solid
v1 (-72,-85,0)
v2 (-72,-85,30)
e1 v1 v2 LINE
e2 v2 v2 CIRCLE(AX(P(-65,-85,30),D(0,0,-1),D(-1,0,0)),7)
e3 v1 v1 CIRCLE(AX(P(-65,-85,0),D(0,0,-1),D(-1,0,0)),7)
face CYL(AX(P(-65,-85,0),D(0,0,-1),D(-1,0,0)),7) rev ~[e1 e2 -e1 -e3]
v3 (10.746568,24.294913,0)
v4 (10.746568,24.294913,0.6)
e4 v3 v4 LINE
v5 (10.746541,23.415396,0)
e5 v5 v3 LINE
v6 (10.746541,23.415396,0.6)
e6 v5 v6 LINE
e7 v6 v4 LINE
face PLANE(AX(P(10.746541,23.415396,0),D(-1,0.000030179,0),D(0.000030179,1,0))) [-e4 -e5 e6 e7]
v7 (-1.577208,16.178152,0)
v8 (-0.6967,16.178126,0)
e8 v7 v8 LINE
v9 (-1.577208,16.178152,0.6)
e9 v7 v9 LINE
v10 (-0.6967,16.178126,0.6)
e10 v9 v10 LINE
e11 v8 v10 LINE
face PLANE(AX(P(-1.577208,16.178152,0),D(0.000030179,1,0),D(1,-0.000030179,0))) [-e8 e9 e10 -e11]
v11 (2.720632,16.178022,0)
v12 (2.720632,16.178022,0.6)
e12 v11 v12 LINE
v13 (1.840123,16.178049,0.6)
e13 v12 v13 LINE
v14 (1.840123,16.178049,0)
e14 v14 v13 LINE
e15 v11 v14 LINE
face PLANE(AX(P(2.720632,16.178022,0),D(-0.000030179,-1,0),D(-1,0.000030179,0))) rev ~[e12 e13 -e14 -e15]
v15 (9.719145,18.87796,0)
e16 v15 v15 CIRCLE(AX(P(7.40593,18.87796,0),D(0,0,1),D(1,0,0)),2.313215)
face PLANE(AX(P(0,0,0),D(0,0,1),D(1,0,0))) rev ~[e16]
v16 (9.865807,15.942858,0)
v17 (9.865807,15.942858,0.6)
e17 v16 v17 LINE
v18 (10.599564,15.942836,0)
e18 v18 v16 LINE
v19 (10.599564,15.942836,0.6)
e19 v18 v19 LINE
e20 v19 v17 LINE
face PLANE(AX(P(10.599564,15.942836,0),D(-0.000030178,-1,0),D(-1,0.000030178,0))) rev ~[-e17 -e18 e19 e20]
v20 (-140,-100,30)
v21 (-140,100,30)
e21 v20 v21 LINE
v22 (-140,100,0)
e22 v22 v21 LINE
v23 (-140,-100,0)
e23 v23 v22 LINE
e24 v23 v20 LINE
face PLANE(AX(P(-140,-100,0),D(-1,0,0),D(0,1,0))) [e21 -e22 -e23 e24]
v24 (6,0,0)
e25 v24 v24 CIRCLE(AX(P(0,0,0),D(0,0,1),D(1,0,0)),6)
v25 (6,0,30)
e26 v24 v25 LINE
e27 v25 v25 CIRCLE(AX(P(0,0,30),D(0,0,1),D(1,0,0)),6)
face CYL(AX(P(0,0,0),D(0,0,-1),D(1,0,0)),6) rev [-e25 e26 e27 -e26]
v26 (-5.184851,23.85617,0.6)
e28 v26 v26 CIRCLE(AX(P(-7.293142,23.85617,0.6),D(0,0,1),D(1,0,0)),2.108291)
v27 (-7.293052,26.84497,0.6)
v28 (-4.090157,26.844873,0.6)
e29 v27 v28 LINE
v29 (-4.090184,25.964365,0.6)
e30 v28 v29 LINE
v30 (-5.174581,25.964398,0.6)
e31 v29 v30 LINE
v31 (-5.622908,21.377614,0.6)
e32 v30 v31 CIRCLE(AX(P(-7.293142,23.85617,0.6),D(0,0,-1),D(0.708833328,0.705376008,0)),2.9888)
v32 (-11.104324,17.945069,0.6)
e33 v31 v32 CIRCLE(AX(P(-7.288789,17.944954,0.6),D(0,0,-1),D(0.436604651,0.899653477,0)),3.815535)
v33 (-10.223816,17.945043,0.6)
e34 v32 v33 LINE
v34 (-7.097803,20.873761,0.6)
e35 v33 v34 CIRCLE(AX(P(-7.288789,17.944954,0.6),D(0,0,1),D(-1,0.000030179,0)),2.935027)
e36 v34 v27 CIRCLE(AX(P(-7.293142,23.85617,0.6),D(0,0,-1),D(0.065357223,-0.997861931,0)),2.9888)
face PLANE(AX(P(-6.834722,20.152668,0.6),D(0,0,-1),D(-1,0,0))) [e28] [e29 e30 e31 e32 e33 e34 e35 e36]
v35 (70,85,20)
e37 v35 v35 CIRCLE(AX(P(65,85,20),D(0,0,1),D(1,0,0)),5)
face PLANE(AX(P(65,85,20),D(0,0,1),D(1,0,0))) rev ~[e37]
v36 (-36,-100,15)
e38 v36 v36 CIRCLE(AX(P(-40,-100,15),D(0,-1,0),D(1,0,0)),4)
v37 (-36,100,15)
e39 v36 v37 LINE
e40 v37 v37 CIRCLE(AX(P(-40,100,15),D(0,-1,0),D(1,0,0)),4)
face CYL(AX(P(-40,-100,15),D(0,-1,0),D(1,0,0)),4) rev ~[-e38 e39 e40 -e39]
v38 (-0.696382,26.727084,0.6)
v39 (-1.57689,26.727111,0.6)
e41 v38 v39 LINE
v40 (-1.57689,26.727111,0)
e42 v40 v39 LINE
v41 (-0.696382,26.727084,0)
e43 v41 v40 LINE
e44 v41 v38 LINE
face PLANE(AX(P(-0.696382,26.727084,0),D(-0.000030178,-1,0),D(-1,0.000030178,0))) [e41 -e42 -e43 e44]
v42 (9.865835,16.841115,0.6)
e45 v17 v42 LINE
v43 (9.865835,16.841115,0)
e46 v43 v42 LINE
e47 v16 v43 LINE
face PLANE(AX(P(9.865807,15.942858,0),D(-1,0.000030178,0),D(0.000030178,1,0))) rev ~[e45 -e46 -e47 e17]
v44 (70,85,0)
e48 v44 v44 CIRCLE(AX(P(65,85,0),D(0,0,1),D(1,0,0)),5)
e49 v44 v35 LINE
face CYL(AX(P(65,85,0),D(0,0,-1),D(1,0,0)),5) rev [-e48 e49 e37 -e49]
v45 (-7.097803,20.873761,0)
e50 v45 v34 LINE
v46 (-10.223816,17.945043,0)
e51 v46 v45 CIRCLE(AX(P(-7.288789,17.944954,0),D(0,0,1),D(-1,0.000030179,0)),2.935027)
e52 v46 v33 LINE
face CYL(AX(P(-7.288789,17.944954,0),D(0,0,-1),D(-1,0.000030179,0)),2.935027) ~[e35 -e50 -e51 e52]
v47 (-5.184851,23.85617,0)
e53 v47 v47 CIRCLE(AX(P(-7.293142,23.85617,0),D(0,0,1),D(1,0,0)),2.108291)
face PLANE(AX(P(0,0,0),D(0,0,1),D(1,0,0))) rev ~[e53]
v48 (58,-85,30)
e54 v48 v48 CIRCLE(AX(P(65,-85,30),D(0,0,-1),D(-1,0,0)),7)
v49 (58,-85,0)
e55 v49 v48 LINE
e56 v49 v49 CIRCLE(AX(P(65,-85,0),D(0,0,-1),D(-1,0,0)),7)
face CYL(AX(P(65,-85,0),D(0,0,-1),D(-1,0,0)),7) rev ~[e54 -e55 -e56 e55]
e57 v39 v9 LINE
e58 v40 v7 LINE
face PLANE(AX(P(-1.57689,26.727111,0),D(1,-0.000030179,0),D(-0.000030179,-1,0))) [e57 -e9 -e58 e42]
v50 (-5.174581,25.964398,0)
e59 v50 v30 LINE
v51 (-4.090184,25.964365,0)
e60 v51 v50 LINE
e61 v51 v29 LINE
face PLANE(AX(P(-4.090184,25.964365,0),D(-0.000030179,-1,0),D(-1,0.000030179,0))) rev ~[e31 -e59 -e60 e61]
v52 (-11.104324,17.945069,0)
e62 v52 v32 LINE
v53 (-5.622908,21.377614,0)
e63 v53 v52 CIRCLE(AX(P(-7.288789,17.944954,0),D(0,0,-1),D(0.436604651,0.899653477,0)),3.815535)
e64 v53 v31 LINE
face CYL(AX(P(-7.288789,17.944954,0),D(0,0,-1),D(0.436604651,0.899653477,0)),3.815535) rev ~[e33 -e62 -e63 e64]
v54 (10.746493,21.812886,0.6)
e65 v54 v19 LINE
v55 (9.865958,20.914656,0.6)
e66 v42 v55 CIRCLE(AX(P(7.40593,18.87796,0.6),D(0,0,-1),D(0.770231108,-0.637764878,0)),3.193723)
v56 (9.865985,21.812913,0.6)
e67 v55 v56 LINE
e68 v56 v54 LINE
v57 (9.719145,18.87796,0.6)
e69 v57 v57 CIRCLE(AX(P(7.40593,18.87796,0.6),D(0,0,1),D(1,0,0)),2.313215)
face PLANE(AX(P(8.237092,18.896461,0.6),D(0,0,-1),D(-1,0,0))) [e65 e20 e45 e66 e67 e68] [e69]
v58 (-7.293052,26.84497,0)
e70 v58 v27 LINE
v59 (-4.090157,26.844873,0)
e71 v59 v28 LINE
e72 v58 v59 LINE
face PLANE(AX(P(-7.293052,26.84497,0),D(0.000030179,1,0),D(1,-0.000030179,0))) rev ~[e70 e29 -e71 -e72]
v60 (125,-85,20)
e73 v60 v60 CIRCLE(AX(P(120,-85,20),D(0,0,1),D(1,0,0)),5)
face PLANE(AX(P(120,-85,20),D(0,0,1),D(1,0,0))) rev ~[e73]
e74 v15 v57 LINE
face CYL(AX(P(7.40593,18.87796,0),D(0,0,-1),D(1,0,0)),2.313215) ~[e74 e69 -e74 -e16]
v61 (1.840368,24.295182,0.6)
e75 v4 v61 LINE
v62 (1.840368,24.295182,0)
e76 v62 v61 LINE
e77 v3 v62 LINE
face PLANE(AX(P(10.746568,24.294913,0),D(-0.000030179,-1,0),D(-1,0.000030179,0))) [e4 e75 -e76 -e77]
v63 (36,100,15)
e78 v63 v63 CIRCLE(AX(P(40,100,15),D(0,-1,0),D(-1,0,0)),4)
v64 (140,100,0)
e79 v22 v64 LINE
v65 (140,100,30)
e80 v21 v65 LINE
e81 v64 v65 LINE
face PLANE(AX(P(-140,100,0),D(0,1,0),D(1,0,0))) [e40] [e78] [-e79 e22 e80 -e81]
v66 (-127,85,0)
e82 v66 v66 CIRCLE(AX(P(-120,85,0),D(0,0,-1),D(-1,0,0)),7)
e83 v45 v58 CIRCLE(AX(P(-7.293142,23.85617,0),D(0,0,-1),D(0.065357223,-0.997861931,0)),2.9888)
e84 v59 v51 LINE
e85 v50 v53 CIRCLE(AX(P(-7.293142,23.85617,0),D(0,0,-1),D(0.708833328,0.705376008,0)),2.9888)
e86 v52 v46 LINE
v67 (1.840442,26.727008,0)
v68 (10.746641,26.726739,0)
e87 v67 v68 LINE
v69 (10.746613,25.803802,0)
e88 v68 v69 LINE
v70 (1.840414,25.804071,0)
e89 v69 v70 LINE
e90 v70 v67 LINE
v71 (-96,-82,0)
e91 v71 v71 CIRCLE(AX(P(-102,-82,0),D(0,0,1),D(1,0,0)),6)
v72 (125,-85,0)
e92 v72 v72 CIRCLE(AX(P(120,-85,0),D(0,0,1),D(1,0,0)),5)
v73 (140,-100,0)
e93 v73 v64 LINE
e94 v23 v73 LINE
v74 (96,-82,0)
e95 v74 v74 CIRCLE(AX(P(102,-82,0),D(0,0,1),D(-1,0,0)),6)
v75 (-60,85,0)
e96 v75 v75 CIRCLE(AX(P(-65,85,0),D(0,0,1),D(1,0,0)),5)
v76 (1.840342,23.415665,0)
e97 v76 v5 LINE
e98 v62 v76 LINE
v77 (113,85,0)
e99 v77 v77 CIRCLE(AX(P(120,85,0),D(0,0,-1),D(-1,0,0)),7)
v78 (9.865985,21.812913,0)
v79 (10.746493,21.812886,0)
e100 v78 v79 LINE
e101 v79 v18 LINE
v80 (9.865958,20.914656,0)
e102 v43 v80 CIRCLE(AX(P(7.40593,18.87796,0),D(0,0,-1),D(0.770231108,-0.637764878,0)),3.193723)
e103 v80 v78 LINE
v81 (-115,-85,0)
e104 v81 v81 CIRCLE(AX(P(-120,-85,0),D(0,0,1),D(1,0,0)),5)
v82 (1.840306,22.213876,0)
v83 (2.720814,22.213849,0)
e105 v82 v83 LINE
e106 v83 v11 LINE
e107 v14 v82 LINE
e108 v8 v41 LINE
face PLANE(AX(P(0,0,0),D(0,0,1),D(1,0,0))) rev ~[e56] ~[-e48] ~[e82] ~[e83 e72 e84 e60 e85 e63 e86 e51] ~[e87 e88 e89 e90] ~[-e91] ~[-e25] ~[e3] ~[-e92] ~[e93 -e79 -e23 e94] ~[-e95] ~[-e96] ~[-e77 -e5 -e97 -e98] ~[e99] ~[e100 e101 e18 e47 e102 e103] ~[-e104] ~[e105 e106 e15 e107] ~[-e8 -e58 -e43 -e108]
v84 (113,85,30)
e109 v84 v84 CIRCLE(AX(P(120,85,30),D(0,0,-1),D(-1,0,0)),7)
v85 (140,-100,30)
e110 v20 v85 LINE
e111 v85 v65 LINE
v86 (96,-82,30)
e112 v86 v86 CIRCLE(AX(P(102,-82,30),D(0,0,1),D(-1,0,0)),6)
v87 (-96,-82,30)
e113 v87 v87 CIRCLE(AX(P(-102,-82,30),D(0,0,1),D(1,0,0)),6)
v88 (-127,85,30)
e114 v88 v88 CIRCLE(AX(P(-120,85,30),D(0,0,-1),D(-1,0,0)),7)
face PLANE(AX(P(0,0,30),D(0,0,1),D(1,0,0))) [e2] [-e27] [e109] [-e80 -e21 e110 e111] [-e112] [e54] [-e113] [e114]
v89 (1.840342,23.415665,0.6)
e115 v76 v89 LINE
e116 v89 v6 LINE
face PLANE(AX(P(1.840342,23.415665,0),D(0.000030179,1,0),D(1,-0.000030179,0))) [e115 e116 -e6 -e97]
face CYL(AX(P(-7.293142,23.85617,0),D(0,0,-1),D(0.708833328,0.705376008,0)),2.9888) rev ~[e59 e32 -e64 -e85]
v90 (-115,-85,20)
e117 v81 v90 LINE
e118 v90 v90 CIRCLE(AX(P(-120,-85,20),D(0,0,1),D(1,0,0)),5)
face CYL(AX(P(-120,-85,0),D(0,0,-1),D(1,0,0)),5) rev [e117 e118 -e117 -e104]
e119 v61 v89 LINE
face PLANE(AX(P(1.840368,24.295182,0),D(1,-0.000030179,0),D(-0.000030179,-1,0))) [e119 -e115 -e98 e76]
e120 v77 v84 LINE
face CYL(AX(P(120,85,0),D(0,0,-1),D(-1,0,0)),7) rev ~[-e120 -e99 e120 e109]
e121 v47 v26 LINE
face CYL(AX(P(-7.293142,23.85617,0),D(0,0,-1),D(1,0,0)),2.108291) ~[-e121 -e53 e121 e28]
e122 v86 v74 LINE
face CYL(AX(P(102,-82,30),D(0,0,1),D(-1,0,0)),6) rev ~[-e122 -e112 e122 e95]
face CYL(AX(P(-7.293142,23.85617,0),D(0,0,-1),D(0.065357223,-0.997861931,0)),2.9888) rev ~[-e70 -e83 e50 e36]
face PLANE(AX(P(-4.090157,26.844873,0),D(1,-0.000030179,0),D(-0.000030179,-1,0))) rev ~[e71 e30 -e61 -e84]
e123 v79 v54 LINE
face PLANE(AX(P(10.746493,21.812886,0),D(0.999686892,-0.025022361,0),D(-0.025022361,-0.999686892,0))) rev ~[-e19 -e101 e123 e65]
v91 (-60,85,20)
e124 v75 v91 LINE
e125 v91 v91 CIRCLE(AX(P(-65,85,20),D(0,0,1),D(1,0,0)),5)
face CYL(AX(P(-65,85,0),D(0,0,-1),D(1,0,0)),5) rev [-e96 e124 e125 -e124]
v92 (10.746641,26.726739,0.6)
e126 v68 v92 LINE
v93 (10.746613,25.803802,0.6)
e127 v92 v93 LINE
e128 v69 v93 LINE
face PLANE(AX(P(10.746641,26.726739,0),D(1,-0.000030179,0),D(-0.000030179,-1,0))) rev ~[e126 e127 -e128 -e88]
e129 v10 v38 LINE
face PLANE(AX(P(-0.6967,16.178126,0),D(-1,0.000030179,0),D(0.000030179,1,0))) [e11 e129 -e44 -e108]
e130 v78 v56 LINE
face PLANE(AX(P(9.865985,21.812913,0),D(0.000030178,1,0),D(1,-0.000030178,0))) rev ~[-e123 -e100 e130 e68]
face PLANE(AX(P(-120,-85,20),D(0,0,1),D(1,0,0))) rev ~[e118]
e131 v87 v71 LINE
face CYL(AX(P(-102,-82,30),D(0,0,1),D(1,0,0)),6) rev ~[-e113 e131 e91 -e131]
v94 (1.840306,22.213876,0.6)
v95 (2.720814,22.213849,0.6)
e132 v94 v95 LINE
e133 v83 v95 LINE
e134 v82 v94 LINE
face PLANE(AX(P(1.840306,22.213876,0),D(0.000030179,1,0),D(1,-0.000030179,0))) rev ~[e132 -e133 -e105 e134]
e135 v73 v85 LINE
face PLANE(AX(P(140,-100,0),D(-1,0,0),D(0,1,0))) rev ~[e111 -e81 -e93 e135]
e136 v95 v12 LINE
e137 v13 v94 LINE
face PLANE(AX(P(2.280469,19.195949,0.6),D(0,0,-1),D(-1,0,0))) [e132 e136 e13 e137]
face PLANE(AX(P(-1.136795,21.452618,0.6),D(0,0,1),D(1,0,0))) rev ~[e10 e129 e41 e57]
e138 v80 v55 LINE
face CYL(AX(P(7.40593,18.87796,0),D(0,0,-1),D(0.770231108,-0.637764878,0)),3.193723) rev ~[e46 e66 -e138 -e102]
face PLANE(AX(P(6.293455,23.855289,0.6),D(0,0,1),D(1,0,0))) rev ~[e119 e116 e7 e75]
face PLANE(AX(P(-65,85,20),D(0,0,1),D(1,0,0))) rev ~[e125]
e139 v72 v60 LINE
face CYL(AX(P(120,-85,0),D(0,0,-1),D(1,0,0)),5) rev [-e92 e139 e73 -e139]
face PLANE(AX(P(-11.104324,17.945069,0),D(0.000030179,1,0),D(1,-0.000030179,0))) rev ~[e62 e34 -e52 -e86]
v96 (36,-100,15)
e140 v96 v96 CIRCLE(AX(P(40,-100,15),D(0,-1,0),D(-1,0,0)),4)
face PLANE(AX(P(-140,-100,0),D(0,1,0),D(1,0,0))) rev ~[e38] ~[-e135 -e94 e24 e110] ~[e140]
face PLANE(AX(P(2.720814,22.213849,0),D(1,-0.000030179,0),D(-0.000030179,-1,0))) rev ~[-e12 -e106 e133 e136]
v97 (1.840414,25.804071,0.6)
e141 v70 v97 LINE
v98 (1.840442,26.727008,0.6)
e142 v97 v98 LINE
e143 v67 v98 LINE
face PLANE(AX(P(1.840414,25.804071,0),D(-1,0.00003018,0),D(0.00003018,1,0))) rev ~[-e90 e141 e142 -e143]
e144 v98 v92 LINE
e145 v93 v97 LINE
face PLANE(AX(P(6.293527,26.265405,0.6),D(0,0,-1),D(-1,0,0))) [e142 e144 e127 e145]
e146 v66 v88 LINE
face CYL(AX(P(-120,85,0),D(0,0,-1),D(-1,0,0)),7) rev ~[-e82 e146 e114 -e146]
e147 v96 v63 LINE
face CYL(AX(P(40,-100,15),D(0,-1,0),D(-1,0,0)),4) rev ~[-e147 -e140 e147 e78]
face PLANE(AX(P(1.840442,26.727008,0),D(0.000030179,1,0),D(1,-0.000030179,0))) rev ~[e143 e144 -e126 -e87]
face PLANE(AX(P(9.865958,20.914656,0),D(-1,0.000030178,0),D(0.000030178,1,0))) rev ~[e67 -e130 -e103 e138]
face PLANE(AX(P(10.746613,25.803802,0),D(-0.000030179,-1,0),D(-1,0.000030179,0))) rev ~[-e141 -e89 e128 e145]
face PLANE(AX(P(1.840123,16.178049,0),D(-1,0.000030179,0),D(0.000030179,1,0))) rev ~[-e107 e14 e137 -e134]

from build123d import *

# Parameters (mm, degrees)
SKETCH1_W           = 280
SKETCH1_H           = 200
SKETCH1_R           = 5
SKETCH1_R_2         = 6
BOSS_EXTRUDE1_DEPTH = 30
SKETCH2_R           = 7
CUT_EXTRUDE1_DEPTH  = 30
BOSS_EXTRUDE3_START = -10
SKETCH3_R           = 5
BOSS_EXTRUDE3_DEPTH = 10
SKETCH4_R           = 6
CUT_EXTRUDE2_DEPTH  = 30
SKETCH5_R           = 4
CUT_EXTRUDE3_DEPTH  = 200
SKETCH6_R           = 2.108291455
SKETCH6_R_2         = 2.313215084
CUT_EXTRUDE7_DEPTH  = 0.6


with BuildPart() as part:
    # Sketch1 → Boss-Extrude1 (new body)
    with BuildSketch(Plane.XY):
        Rectangle(SKETCH1_W, SKETCH1_H)
        with Locations((-120, -85)):
            Circle(SKETCH1_R, mode=Mode.SUBTRACT)
        with Locations((120, -85)):
            Circle(SKETCH1_R, mode=Mode.SUBTRACT)
        with Locations((-65, -85)):
            Circle(SKETCH1_R, mode=Mode.SUBTRACT)
        with Locations((65, -85)):
            Circle(SKETCH1_R, mode=Mode.SUBTRACT)
        with Locations((65, 85)):
            Circle(SKETCH1_R, mode=Mode.SUBTRACT)
        with Locations((-65, 85)):
            Circle(SKETCH1_R, mode=Mode.SUBTRACT)
        with Locations((-120, 85)):
            Circle(SKETCH1_R, mode=Mode.SUBTRACT)
        with Locations((120, 85)):
            Circle(SKETCH1_R, mode=Mode.SUBTRACT)
        Circle(SKETCH1_R_2, mode=Mode.SUBTRACT)
    extrude(amount=BOSS_EXTRUDE1_DEPTH)

    # Sketch2 → Cut-Extrude1 (cut)
    with BuildSketch(Plane(origin=(0, 0, 0), x_dir=(-1, 0, 0), z_dir=(0, 0, -1))):
        with Locations((-120, 85)):
            Circle(SKETCH2_R)
        with Locations((120, 85)):
            Circle(SKETCH2_R)
        with Locations((65, -85)):
            Circle(SKETCH2_R)
        with Locations((-65, -85)):
            Circle(SKETCH2_R)
    extrude(amount=-CUT_EXTRUDE1_DEPTH, mode=Mode.SUBTRACT)

    # Sketch3 → Boss-Extrude3 (add)
    with BuildSketch(Plane.XY.offset(30).offset(BOSS_EXTRUDE3_START)):
        with Locations((-120, -85)):
            Circle(SKETCH3_R)
        with Locations((120, -85)):
            Circle(SKETCH3_R)
        with Locations((-65, 85)):
            Circle(SKETCH3_R)
        with Locations((65, 85)):
            Circle(SKETCH3_R)
    extrude(amount=BOSS_EXTRUDE3_DEPTH)

    # Sketch4 → Cut-Extrude2 (cut)
    with BuildSketch(Plane.XY.offset(30)):
        with Locations((-102, -82)):
            Circle(SKETCH4_R)
        with Locations(Location((102, -82, 0), (0, 0, 180))):
            Circle(SKETCH4_R)
    extrude(amount=-CUT_EXTRUDE2_DEPTH, mode=Mode.SUBTRACT)

    # Sketch5 → Cut-Extrude3 (cut)
    with BuildSketch(Plane(origin=(0, -100, 0), x_dir=(-1, 0, 0), z_dir=(0, -1, 0))):
        with Locations(Location((40, -15, 0), (0, 0, 180))):
            Circle(SKETCH5_R)
        with Locations((-40, -15)):
            Circle(SKETCH5_R)
    extrude(amount=-CUT_EXTRUDE3_DEPTH, mode=Mode.SUBTRACT)

    # Sketch6 → Cut-Extrude7 (cut)
    # profile 1 of 6: a face of its own
    with BuildSketch(Plane.XY):
        with BuildLine():
            Line((-11.104324014, 17.945069254), (-10.223815884, 17.945042681))
            ThreePointArc((-10.223815884, 17.945042681), (-5.282103106, 15.803086541), (-7.097802531, 20.873760745))
            ThreePointArc((-7.097802531, 20.873760745), (-10.28034524, 23.758493076), (-7.293051975, 26.844969654))
            Line((-7.293051975, 26.844969654), (-4.090157048, 26.844872994))
            Line((-4.090157048, 26.844872994), (-4.090183621, 25.964364865))
            Line((-4.090183621, 25.964364865), (-5.174581416, 25.964397591))
            ThreePointArc((-5.174581416, 25.964397591), (-4.318518193, 23.565420803), (-5.622908359, 21.377613643))
            ThreePointArc((-5.622908359, 21.377613643), (-5.263734666, 14.711153724), (-11.104324014, 17.945069254))
        make_face()
        with Locations((-7.293142173, 23.85617007)):
            Circle(SKETCH6_R, mode=Mode.SUBTRACT)
    # profile 2 of 6: a face of its own
    with BuildSketch(Plane.XY):
        Polygon((1.840305593, 22.213875796), (2.720813722, 22.213849223), (2.720631568, 16.17802246), (1.840123439, 16.178049033), align=None)
    # profile 3 of 6: a face of its own
    with BuildSketch(Plane.XY):
        Polygon((-1.577208157, 16.178152164), (-0.696700027, 16.178125591), (-0.696381672, 26.727084122), (-1.576889802, 26.727110694), align=None)
    # profile 4 of 6: a face of its own
    with BuildSketch(Plane.XY):
        with BuildLine():
            Line((9.865957526, 20.914655791), (9.865984634, 21.812912632))
            Line((9.865984634, 21.812912632), (10.746492764, 21.81288606))
            Line((10.746492764, 21.81288606), (10.599564257, 15.942836291))
            Line((10.599564257, 15.942836291), (9.865807483, 15.942858434))
            Line((9.865807483, 15.942858434), (9.865834591, 16.841115276))
            ThreePointArc((9.865834591, 16.841115276), (4.212206408, 18.878056155), (9.865957526, 20.914655791))
        make_face()
        with Locations((7.40592962, 18.877959772)):
            Circle(SKETCH6_R_2, mode=Mode.SUBTRACT)
    # profile 5 of 6: a face of its own
    with BuildSketch(Plane.XY):
        Polygon((1.84041394, 25.804070666), (1.840441794, 26.727007563), (10.746641058, 26.726738785), (10.746613205, 25.803801888), align=None)
    # profile 6 of 6: a face of its own
    with BuildSketch(Plane.XY):
        Polygon((1.840341861, 23.415664961), (10.746541125, 23.415396183), (10.746567668, 24.294913294), (1.840368404, 24.295182072), align=None)
    extrude(amount=CUT_EXTRUDE7_DEPTH, mode=Mode.SUBTRACT)


solid = part.part
